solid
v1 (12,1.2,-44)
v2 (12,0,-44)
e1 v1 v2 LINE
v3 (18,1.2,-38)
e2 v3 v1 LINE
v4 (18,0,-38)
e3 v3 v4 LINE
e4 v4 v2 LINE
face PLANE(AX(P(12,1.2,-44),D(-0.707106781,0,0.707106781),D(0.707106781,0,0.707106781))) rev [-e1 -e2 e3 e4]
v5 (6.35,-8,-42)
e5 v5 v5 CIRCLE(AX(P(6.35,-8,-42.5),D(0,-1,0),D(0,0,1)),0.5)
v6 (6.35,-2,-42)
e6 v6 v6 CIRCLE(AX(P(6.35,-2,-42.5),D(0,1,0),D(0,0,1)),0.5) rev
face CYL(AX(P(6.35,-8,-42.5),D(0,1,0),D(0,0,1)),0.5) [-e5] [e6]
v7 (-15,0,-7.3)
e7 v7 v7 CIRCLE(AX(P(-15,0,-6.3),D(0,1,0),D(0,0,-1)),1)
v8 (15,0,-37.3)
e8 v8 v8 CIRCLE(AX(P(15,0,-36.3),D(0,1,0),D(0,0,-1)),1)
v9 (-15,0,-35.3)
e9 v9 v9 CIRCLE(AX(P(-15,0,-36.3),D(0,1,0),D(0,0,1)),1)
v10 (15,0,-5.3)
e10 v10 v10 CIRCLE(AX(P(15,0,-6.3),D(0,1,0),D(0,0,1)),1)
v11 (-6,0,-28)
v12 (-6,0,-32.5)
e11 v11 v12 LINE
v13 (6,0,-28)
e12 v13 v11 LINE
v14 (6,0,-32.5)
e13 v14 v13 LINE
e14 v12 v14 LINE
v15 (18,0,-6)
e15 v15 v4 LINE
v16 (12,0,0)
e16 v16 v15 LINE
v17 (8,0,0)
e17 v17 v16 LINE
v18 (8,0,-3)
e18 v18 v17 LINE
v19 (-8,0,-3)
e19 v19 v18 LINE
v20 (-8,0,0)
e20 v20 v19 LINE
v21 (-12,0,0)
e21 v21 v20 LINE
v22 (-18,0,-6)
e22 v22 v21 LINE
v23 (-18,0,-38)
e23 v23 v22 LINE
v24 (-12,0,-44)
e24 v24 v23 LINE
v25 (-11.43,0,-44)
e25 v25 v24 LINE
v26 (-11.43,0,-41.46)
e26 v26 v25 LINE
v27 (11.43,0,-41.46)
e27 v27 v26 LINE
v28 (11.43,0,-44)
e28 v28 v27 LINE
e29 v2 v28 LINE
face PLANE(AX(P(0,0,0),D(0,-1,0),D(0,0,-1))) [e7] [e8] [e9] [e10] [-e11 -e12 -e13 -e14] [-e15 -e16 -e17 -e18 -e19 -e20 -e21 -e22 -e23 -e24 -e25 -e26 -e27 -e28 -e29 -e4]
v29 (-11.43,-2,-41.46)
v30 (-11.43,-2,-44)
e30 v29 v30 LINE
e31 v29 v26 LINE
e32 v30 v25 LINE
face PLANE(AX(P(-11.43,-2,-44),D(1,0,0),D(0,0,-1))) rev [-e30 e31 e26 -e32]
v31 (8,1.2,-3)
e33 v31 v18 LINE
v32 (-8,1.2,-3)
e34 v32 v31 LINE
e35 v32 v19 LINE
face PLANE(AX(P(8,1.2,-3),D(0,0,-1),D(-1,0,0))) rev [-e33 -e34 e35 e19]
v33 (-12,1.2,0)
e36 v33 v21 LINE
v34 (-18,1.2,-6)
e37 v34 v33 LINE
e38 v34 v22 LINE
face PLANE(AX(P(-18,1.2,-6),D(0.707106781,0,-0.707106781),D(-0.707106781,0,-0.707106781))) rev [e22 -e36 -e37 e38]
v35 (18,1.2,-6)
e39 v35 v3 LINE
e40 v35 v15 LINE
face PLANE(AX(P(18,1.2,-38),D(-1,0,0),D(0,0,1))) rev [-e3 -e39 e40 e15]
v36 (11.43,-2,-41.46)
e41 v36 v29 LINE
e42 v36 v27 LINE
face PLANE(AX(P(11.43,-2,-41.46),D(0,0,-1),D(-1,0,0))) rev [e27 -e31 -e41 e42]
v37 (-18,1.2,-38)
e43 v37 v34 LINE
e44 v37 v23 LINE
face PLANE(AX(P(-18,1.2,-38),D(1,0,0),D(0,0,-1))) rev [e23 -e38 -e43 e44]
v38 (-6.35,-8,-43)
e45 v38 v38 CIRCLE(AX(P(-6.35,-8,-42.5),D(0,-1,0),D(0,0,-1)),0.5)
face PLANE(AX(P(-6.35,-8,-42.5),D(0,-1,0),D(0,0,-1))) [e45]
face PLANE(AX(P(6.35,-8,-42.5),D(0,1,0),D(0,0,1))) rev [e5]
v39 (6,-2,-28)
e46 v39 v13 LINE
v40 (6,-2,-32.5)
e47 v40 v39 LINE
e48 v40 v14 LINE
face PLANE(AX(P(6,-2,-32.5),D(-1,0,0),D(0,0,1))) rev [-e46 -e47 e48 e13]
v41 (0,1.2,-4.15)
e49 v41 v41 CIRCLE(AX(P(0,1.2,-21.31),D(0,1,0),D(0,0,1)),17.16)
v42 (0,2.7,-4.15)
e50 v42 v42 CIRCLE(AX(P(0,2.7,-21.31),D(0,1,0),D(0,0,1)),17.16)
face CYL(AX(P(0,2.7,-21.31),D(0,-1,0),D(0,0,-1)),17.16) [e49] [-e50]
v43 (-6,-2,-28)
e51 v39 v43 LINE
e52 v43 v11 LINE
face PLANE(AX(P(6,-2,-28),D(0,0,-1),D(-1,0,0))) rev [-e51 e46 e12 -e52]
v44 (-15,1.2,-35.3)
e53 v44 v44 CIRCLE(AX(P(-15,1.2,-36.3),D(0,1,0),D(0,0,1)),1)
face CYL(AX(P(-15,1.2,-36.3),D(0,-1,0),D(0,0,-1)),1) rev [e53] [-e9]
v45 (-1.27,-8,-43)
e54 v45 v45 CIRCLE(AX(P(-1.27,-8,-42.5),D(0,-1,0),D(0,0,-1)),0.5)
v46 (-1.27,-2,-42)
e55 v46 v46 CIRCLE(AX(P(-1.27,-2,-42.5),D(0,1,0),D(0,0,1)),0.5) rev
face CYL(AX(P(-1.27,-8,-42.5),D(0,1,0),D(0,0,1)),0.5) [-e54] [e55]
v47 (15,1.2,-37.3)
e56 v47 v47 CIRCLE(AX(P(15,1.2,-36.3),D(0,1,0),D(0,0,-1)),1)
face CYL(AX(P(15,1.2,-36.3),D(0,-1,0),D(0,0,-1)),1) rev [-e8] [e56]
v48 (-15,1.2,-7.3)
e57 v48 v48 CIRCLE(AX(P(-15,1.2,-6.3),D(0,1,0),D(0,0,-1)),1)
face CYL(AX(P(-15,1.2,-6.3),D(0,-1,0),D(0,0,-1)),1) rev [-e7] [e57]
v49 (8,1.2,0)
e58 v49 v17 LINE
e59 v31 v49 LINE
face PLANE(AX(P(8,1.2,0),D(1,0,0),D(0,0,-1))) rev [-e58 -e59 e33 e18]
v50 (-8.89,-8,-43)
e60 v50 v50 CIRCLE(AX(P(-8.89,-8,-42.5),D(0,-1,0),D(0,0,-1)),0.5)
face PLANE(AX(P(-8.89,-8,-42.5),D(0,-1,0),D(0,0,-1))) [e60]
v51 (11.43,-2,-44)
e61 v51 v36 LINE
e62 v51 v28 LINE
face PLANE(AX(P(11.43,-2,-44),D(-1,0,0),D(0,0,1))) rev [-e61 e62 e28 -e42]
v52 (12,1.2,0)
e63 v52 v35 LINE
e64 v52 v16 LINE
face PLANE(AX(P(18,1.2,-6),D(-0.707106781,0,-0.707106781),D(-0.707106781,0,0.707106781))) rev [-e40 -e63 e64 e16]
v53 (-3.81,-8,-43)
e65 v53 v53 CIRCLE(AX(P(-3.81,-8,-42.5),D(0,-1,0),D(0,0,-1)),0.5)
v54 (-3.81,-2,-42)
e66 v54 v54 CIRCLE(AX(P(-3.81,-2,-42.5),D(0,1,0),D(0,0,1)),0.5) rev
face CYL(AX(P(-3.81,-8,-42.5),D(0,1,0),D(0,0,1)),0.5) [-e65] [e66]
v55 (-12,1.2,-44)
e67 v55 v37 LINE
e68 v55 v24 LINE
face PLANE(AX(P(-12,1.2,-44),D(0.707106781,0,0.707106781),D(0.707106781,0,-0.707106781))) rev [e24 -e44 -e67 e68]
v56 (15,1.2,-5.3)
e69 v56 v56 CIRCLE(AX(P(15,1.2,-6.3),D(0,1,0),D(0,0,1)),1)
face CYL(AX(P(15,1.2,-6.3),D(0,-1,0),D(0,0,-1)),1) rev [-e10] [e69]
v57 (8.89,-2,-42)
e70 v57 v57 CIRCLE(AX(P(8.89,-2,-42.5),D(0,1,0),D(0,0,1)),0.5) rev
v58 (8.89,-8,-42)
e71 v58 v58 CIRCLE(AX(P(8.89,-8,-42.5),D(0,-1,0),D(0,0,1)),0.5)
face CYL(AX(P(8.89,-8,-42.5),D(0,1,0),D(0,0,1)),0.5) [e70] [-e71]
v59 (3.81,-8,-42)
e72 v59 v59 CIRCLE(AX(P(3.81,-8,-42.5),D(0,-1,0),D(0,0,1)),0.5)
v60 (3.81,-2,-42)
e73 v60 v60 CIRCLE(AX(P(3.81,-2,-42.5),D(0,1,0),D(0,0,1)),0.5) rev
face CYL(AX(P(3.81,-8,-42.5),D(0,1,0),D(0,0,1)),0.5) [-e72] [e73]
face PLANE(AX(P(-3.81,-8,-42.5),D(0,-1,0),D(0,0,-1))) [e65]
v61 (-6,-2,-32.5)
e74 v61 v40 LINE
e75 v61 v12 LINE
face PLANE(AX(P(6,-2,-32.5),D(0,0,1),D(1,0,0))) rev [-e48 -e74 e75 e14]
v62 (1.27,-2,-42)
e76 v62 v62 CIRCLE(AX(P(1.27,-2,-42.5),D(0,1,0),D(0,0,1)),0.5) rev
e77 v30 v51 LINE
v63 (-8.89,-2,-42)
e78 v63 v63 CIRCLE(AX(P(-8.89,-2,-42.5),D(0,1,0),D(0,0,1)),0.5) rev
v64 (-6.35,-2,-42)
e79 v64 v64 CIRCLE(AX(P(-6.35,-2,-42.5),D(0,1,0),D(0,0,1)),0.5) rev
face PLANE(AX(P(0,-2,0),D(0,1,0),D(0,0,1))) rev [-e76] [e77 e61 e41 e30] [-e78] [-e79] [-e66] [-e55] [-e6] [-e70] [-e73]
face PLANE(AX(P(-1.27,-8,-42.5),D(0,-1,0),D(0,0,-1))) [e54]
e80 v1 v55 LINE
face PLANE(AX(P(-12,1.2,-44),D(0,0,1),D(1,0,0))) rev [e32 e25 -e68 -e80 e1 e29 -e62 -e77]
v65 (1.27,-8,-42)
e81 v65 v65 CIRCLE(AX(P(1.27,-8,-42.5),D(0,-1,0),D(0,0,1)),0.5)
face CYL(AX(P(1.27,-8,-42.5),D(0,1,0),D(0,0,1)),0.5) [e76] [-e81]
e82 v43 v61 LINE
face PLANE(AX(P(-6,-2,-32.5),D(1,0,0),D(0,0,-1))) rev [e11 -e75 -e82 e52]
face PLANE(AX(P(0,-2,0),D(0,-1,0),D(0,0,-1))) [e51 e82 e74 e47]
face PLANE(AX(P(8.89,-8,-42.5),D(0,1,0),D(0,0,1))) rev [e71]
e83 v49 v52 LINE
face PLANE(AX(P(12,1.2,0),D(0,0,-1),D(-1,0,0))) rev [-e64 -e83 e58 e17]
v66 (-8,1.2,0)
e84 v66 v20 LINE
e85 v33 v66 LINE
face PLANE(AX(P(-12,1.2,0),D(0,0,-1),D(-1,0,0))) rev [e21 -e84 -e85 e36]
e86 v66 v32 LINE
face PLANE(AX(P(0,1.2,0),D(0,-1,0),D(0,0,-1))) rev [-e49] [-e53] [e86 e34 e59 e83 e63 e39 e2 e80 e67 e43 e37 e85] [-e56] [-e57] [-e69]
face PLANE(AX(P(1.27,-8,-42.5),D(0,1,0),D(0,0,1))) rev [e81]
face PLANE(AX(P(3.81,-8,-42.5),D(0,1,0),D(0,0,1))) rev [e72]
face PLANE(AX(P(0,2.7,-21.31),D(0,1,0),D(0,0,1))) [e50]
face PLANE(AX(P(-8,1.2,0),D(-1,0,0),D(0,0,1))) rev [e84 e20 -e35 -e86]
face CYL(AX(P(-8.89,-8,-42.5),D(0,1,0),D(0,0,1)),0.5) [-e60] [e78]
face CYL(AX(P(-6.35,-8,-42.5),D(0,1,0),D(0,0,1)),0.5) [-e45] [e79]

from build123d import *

# Parameters (mm, degrees)
SKETCH_1_R      = 1
EXTRUDE_1_DEPTH = 1.2
SKETCH_2_R      = 17.16
EXTRUDE_2_DEPTH = 1.5
SKETCH_3_W      = 12
SKETCH_3_H      = 4.5
SKETCH_3_W_2    = 22.86
SKETCH_3_H_2    = 2.54
EXTRUDE_3_DEPTH = 2
SKETCH_4_R      = 0.5
EXTRUDE_4_DEPTH = 8


with BuildPart() as part:
    # 草图1 → 凸台-拉伸1 (new body)
    with BuildSketch(Plane(origin=(0, 0, 0), x_dir=(1, 0, 0), z_dir=(0, 1, 0))):
        Polygon((-12, 44), (12, 44), (18, 38), (18, 6), (12, 0), (8, 0), (8, 3), (-8, 3), (-8, 0), (-12, 0), (-18, 6), (-18, 38), align=None)
        with Locations(Location((15, 6.3, 0), (0, 0, 270))):
            Circle(SKETCH_1_R, mode=Mode.SUBTRACT)
        with Locations(Location((15, 36.3, 0), (0, 0, 90))):
            Circle(SKETCH_1_R, mode=Mode.SUBTRACT)
        with Locations(Location((-15, 6.3, 0), (0, 0, 90))):
            Circle(SKETCH_1_R, mode=Mode.SUBTRACT)
        with Locations(Location((-15, 36.3, 0), (0, 0, 270))):
            Circle(SKETCH_1_R, mode=Mode.SUBTRACT)
    extrude(amount=EXTRUDE_1_DEPTH)

    # 草图2 → 凸台-拉伸2 (add)
    with BuildSketch(Plane(origin=(0, 1.2, 0), x_dir=(1, 0, 0), z_dir=(0, 1, 0))):
        with Locations(Location((0, 21.31, 0), (0, 0, 270))):
            Circle(SKETCH_2_R)
    extrude(amount=EXTRUDE_2_DEPTH)

    # 草图3 → 凸台-拉伸3 (add)
    with BuildSketch(Plane.XZ):
        with Locations((0, -30.25)):
            Rectangle(SKETCH_3_W, SKETCH_3_H)
        with Locations((0, -42.73)):
            Rectangle(SKETCH_3_W_2, SKETCH_3_H_2)
    extrude(amount=EXTRUDE_3_DEPTH)

    # 草图4 → 凸台-拉伸4 (add)
    with BuildSketch(Plane.XZ):
        with Locations(Location((-1.27, -42.5, 0), (0, 0, 90))):
            Circle(SKETCH_4_R)
        with Locations(Location((-3.81, -42.5, 0), (0, 0, 90))):
            Circle(SKETCH_4_R)
        with Locations(Location((-6.35, -42.5, 0), (0, 0, 90))):
            Circle(SKETCH_4_R)
        with Locations(Location((-8.89, -42.5, 0), (0, 0, 90))):
            Circle(SKETCH_4_R)
        with Locations(Location((8.89, -42.5, 0), (0, 0, 90))):
            Circle(SKETCH_4_R)
        with Locations(Location((6.35, -42.5, 0), (0, 0, 90))):
            Circle(SKETCH_4_R)
        with Locations(Location((3.81, -42.5, 0), (0, 0, 90))):
            Circle(SKETCH_4_R)
        with Locations(Location((1.27, -42.5, 0), (0, 0, 90))):
            Circle(SKETCH_4_R)
    extrude(amount=EXTRUDE_4_DEPTH)


solid = part.part
